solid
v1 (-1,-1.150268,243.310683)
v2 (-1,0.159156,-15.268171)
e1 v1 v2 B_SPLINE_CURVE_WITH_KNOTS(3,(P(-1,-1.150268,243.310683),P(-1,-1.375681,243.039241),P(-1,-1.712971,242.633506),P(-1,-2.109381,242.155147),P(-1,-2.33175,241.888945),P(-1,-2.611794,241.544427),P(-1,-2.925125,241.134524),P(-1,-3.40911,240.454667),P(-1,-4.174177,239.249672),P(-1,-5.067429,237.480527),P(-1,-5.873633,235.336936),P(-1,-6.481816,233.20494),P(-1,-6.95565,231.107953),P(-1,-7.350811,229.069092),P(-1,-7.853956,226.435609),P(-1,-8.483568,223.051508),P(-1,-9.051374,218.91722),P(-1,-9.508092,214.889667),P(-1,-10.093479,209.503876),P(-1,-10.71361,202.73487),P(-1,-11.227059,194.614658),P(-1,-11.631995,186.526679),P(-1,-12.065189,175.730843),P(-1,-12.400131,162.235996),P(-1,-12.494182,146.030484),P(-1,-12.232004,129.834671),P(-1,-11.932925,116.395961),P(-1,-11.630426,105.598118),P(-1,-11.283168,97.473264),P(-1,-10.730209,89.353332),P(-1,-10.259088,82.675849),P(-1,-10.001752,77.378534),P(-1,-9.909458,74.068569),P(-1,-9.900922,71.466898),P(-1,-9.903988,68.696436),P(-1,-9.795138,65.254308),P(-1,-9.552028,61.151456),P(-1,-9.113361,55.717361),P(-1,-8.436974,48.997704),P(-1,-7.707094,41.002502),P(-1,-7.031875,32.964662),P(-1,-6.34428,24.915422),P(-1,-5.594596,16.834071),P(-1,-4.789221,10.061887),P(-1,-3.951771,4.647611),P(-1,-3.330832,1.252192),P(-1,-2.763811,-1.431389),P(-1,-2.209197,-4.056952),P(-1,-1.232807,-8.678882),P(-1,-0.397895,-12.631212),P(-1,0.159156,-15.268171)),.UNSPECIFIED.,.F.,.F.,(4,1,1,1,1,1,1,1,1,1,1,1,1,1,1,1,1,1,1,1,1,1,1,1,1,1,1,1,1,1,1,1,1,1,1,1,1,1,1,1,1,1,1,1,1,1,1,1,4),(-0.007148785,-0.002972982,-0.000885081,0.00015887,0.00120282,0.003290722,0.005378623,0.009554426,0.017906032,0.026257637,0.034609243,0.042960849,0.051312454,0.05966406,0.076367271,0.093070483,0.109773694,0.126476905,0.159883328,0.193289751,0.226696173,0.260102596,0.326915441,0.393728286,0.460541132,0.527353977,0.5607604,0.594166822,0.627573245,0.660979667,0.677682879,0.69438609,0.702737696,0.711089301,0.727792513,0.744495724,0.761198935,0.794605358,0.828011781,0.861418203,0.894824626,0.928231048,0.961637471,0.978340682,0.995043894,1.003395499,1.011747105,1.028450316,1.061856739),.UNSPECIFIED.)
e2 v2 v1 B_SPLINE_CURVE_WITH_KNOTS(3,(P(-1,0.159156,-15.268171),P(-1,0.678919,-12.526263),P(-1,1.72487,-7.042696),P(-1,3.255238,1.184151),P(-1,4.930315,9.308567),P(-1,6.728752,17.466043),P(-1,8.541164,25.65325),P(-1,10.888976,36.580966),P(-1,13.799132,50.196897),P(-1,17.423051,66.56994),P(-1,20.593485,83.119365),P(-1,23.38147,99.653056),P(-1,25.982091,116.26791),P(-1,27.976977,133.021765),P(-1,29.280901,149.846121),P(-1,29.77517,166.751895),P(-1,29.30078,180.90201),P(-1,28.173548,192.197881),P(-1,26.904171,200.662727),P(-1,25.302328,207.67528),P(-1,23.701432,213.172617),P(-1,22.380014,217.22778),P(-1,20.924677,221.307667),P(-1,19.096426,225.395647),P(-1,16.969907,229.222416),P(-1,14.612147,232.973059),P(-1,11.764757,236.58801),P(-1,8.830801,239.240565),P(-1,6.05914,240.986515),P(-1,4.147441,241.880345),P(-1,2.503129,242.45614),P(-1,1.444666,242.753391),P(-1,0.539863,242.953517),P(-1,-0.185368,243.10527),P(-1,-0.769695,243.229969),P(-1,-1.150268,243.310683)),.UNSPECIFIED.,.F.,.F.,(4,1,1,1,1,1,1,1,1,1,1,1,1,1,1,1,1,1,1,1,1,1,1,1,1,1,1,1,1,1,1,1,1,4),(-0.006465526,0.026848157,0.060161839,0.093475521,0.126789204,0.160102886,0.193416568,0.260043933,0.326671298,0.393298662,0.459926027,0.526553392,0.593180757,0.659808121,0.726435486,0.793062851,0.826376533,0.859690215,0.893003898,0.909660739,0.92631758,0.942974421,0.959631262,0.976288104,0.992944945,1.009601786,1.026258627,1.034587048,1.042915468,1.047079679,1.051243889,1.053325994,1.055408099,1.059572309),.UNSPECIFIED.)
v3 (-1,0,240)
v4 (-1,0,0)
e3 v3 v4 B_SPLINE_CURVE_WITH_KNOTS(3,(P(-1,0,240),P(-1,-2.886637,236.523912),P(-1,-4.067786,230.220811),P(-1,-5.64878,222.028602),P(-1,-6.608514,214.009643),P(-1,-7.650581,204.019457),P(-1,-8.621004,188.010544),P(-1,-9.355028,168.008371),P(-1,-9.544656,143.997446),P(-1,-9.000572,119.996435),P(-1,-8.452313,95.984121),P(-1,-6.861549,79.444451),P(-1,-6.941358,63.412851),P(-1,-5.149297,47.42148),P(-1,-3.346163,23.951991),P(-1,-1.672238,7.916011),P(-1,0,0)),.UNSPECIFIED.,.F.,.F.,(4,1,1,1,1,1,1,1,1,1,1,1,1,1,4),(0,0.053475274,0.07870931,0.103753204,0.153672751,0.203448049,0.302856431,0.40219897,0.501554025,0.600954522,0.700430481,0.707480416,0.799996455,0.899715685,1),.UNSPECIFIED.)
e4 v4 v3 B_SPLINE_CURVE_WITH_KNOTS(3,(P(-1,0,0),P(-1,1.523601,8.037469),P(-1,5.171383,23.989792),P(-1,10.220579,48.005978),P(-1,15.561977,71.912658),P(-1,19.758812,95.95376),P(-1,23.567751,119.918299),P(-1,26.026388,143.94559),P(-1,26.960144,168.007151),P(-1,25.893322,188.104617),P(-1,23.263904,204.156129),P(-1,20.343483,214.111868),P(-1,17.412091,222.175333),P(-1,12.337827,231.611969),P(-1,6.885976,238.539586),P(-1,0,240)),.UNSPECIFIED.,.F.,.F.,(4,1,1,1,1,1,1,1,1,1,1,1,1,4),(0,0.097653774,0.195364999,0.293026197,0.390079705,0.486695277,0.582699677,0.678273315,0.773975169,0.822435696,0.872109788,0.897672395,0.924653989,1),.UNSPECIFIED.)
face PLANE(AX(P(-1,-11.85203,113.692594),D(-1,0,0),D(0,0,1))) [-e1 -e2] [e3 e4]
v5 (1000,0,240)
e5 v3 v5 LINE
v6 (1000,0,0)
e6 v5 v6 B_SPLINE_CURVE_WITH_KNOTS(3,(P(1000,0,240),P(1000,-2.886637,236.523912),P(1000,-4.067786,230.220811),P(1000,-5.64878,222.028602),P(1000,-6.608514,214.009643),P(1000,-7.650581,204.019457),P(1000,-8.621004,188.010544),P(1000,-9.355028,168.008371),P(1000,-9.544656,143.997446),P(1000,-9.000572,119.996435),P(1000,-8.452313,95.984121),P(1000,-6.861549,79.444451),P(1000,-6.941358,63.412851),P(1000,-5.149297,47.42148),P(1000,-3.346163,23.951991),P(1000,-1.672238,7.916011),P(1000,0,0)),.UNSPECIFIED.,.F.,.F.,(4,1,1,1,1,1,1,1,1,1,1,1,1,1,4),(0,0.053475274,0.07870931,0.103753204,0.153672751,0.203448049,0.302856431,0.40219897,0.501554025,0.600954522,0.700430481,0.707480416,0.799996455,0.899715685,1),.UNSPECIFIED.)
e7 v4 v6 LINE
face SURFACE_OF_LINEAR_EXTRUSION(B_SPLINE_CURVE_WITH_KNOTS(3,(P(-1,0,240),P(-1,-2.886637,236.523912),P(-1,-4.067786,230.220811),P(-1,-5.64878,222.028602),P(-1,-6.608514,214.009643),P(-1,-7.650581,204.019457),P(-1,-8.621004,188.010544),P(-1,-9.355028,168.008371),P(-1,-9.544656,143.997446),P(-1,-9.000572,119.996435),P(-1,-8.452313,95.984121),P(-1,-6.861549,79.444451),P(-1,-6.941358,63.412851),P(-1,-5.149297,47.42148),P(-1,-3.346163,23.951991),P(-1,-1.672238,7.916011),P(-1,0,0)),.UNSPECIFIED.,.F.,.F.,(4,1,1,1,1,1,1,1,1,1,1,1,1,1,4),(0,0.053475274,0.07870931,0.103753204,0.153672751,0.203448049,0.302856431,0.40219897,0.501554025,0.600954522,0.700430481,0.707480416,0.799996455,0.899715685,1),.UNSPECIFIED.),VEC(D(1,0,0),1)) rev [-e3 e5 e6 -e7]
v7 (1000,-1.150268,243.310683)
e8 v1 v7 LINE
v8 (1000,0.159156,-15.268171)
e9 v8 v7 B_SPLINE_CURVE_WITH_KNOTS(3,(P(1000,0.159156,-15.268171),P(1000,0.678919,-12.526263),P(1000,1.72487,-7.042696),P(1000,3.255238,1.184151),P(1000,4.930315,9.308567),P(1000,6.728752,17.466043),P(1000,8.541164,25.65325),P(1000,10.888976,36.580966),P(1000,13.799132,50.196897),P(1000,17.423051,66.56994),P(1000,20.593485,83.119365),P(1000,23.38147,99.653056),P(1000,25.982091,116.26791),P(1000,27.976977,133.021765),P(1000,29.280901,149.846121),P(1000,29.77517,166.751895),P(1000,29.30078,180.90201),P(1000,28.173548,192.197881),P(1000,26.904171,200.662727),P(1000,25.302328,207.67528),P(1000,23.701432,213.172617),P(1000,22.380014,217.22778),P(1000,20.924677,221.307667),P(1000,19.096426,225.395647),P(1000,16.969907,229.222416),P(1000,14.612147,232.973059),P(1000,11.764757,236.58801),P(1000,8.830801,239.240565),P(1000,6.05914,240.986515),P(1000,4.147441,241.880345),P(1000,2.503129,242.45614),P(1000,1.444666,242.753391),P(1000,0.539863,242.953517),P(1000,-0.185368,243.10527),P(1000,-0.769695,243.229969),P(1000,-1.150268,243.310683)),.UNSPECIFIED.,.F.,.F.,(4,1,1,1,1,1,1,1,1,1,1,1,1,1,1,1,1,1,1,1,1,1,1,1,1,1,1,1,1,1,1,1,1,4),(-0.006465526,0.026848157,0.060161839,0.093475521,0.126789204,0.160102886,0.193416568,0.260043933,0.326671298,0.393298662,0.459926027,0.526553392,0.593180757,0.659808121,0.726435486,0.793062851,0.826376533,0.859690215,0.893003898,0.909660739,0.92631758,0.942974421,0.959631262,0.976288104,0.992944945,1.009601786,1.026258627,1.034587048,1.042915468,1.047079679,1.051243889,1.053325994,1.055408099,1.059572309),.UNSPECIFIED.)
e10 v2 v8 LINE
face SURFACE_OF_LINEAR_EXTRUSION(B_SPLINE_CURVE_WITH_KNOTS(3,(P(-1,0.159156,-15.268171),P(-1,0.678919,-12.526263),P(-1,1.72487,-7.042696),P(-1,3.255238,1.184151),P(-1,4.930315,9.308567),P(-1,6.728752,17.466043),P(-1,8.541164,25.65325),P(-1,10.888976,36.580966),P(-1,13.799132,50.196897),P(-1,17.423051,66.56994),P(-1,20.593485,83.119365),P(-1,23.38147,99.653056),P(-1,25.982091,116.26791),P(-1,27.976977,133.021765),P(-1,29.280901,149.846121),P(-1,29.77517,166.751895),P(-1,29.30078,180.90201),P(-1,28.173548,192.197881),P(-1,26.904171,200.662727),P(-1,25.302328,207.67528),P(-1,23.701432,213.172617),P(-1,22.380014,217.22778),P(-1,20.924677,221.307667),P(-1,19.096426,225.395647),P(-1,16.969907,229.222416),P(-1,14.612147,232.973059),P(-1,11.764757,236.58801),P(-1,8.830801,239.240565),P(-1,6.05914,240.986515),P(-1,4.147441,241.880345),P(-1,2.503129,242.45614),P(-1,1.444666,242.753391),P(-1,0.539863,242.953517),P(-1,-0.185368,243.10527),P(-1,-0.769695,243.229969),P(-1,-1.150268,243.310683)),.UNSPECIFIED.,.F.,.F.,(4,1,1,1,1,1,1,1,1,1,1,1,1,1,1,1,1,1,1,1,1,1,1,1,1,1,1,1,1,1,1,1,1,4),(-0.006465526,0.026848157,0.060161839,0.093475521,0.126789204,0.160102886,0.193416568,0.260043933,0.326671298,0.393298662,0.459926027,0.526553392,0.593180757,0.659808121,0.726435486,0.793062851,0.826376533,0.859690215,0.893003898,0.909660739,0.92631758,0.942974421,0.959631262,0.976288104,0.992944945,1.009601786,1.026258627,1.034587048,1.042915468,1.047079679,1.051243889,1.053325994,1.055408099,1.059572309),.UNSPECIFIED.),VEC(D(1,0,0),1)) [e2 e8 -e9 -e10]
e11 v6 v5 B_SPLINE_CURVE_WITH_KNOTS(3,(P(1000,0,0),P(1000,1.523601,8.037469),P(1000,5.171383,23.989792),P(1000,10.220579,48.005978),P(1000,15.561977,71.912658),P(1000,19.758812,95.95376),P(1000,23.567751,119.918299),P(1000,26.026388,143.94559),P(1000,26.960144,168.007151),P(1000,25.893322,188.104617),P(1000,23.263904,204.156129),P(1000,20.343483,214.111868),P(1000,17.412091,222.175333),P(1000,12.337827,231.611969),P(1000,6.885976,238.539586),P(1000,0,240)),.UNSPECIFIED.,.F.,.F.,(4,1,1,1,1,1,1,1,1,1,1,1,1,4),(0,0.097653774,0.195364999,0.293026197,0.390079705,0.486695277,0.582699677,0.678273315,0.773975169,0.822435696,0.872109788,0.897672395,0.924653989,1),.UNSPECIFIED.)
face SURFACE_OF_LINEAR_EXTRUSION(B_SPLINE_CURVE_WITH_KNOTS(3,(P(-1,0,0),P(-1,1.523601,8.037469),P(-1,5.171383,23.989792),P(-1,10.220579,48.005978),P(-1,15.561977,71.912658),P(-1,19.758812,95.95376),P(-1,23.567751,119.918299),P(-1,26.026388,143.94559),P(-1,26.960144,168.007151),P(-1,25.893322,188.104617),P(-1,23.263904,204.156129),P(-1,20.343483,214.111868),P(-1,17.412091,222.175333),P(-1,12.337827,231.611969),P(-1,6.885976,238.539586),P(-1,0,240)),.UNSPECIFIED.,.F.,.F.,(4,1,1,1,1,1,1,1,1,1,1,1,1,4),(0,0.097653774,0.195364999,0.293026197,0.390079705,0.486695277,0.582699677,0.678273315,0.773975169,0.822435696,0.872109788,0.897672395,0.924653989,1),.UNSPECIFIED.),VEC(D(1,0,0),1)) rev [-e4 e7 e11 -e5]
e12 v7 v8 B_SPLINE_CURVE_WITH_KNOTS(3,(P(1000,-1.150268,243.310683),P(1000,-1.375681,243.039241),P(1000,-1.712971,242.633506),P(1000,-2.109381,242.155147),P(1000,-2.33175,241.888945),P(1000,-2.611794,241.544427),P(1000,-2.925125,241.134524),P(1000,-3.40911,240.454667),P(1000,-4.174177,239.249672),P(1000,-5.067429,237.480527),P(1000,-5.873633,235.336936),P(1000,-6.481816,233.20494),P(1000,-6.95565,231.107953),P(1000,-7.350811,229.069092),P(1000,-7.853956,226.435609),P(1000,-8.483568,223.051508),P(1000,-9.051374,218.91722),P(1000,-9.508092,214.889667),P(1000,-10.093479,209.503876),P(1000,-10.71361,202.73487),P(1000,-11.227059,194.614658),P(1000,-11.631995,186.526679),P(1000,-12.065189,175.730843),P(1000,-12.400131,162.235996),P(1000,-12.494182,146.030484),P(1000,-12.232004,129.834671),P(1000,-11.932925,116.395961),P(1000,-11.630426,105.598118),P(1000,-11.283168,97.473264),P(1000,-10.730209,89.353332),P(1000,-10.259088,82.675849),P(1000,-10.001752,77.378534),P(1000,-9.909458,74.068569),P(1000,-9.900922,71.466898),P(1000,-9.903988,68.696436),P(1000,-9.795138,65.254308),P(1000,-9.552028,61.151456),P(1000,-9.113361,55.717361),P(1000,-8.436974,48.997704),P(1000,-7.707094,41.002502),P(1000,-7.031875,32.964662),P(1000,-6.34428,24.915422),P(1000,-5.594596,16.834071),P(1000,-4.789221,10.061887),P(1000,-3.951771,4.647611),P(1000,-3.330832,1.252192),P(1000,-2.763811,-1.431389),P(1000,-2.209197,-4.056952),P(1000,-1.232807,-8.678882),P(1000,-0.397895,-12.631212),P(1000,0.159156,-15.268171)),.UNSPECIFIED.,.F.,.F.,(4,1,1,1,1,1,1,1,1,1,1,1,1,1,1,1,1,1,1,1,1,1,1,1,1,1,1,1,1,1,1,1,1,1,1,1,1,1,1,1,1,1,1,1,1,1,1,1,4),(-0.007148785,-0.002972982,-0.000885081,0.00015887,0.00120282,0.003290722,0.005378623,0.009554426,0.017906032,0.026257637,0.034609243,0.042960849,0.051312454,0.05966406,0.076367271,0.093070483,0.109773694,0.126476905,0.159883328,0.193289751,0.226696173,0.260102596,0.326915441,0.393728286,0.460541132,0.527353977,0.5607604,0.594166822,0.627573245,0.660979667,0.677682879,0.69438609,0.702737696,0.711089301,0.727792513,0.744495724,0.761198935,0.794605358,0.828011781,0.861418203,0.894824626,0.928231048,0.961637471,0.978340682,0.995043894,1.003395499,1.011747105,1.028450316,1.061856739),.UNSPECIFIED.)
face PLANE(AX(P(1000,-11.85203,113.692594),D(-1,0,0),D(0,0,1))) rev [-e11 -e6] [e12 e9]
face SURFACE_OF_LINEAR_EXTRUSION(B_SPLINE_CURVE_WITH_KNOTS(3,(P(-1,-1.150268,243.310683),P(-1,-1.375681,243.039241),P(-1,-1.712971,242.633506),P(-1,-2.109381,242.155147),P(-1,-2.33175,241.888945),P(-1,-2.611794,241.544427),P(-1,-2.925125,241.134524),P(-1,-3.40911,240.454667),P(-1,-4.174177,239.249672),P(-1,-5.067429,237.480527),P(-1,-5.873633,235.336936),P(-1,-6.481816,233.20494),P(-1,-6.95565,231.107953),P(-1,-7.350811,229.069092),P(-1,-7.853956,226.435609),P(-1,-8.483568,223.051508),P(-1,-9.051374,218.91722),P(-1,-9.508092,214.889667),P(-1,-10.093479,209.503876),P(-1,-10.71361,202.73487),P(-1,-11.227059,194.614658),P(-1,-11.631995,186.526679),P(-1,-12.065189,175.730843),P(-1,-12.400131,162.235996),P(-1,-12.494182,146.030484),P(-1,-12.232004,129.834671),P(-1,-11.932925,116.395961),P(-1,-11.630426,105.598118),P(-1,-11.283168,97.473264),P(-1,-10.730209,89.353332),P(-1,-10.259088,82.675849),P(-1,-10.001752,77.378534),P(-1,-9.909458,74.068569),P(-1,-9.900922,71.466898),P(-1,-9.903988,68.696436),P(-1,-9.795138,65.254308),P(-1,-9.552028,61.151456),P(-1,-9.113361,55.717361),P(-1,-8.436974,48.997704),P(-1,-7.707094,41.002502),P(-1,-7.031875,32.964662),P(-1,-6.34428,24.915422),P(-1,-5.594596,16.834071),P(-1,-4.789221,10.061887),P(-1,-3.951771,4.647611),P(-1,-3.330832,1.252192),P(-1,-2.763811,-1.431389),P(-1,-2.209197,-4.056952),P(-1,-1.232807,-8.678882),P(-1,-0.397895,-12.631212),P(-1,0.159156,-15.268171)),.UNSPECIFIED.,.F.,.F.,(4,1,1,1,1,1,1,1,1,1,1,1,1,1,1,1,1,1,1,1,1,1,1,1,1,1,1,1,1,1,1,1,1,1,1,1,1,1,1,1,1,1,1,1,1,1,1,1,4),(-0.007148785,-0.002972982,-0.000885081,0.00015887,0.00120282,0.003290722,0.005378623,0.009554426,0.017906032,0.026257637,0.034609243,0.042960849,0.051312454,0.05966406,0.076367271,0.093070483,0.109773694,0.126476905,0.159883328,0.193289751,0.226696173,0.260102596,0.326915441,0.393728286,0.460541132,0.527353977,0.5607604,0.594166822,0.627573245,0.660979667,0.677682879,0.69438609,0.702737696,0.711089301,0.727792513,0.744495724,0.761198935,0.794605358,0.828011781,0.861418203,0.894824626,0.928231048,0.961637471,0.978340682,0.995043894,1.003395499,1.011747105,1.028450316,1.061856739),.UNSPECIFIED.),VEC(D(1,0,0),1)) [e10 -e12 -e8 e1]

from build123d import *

# Parameters (mm, degrees)
BOSS_EXTRUDE1_DEPTH      = 1000
BOSS_EXTRUDE1_DEPTH_BACK = 1


with BuildPart() as part:
    # Эскиз1 → Boss-Extrude1 (new, two sides: drawn at the far end of the back side and taken through both)
    with BuildSketch(Plane(origin=(0, 0, 0), x_dir=(0, 0, -1), z_dir=(1, 0, 0)).offset(-BOSS_EXTRUDE1_DEPTH_BACK)):
        with BuildLine():
            add(Edge.make_bspline(
                [(-243.310683058, -1.150268376), (-243.229969159, -0.769695449), (-243.105270302, -0.185368277), (-242.953517188, 0.539863487), (-242.753390645, 1.444665693), (-242.456140174, 2.503129007), (-241.880344751, 4.147441349), (-240.986514665, 6.059139616), (-239.240565442, 8.830800971), (-236.588010137, 11.76475732), (-232.973058982, 14.612146661), (-229.222416024, 16.969906989), (-225.395647069, 19.096425705), (-221.307667343, 20.924677193), (-217.227780324, 22.380014372), (-213.172616695, 23.701432489), (-207.675279818, 25.302328207), (-200.662726553, 26.904170589), (-192.197880579, 28.173548143), (-180.902010238, 29.300779772), (-166.751895399, 29.775170115), (-149.84612089, 29.280901482), (-133.021765483, 27.976977395), (-116.267909512, 25.982090966), (-99.65305645, 23.381470424), (-83.119365112, 20.593484986), (-66.569940341, 17.423051082), (-50.196897147, 13.799131693), (-36.580965629, 10.888975639), (-25.653250319, 8.541163563), (-17.466043443, 6.728751925), (-9.308567048, 4.930315085), (-1.184151043, 3.255237568), (7.042695501, 1.724869581), (12.526262968, 0.678918583), (15.268171313, 0.159156294)],
                knots=[-0.006465526, -0.006465526, -0.006465526, -0.006465526, -0.002301315, -0.00021921, 0.001862895, 0.006027105, 0.010191315, 0.018519736, 0.026848157, 0.043504998, 0.060161839, 0.07681868, 0.093475521, 0.110132362, 0.126789204, 0.143446045, 0.160102886, 0.193416568, 0.226730251, 0.260043933, 0.326671298, 0.393298662, 0.459926027, 0.526553392, 0.593180757, 0.659808121, 0.726435486, 0.793062851, 0.859690215, 0.893003898, 0.92631758, 0.959631262, 0.992944945, 1.026258627, 1.059572309, 1.059572309, 1.059572309, 1.059572309], degree=3))
            add(Edge.make_bspline(
                [(15.268171313, 0.159156294), (12.631212345, -0.397894868), (8.678882015, -1.232806966), (4.056951533, -2.209197338), (1.431389016, -2.763811469), (-1.252191801, -3.330832305), (-4.647610554, -3.951771055), (-10.061887315, -4.789220721), (-16.83407052, -5.59459554), (-24.915421709, -6.344279579), (-32.964662436, -7.031875465), (-41.002501914, -7.707093841), (-48.997703739, -8.436974434), (-55.717360957, -9.113360777), (-61.151456045, -9.552027836), (-65.254308426, -9.795138265), (-68.696436438, -9.903987809), (-71.466897809, -9.900922023), (-74.068569263, -9.90945807), (-77.378533987, -10.001752024), (-82.675848926, -10.259088087), (-89.353331996, -10.730208543), (-97.47326399, -11.283168106), (-105.598117993, -11.630425686), (-116.395961347, -11.932924562), (-129.834671399, -12.232003681), (-146.030483639, -12.494181734), (-162.2359961, -12.400130504), (-175.730843126, -12.065189151), (-186.526679316, -11.63199485), (-194.614658124, -11.227059492), (-202.734870404, -10.713609654), (-209.503875729, -10.093479055), (-214.889667279, -9.508092261), (-218.917219851, -9.051373705), (-223.051507907, -8.483567548), (-226.435608536, -7.853955705), (-229.069092421, -7.35081147), (-231.107952771, -6.95564996), (-233.20494016, -6.481816044), (-235.336936227, -5.873632962), (-237.480526533, -5.067428987), (-239.249671592, -4.174176713), (-240.454666939, -3.409109593), (-241.134524109, -2.925124617), (-241.544427275, -2.611794324), (-241.888945063, -2.331749862), (-242.155147072, -2.109381089), (-242.633506164, -1.71297086), (-243.039240617, -1.375681478), (-243.310683058, -1.150268376)],
                knots=[-0.007148785, -0.007148785, -0.007148785, -0.007148785, 0.026257637, 0.042960849, 0.051312454, 0.05966406, 0.076367271, 0.093070483, 0.126476905, 0.159883328, 0.193289751, 0.226696173, 0.260102596, 0.293509018, 0.31021223, 0.326915441, 0.343618652, 0.351970258, 0.360321864, 0.377025075, 0.393728286, 0.427134709, 0.460541132, 0.493947554, 0.527353977, 0.594166822, 0.660979667, 0.727792513, 0.794605358, 0.828011781, 0.861418203, 0.894824626, 0.928231048, 0.94493426, 0.961637471, 0.978340682, 0.995043894, 1.003395499, 1.011747105, 1.020098711, 1.028450316, 1.036801922, 1.045153528, 1.049329331, 1.051417232, 1.053505133, 1.054549084, 1.055593035, 1.057680936, 1.061856739, 1.061856739, 1.061856739, 1.061856739], degree=3))
        make_face()
        with BuildLine():
            add(Edge.make_bspline(
                [(-240, 0), (-238.539586148, 6.885975956), (-231.6119689, 12.33782744), (-222.175332595, 17.412091216), (-214.111867769, 20.343482826), (-204.156129061, 23.263904239), (-188.104616678, 25.89332168), (-168.007150597, 26.960143982), (-143.945589986, 26.026388226), (-119.918298994, 23.567750867), (-95.953760008, 19.758812003), (-71.912657951, 15.561977026), (-48.005978392, 10.220578603), (-23.989791717, 5.171383231), (-8.037469261, 1.523600682), (0, 0)],
                knots=[0, 0, 0, 0, 0.075346011, 0.102327605, 0.127890212, 0.177564304, 0.226024831, 0.321726685, 0.417300323, 0.513304723, 0.609920295, 0.706973803, 0.804635001, 0.902346226, 1, 1, 1, 1], degree=3))
            add(Edge.make_bspline(
                [(-240, 0), (-236.52391179, -2.886637123), (-230.220810861, -4.067786061), (-222.028601874, -5.648779907), (-214.009642515, -6.608514015), (-204.019456847, -7.65058139), (-188.010543644, -8.621004369), (-168.008371033, -9.355028053), (-143.997445941, -9.544655848), (-119.996434598, -9.000571646), (-95.984120714, -8.452313319), (-79.444451482, -6.861549256), (-63.412851028, -6.941357818), (-47.421480018, -5.149296578), (-23.951991061, -3.34616289), (-7.916011456, -1.672238148), (0, 0)],
                knots=[0, 0, 0, 0, 0.053475274, 0.07870931, 0.103753204, 0.153672751, 0.203448049, 0.302856431, 0.40219897, 0.501554025, 0.600954522, 0.700430481, 0.707480416, 0.799996455, 0.899715685, 1, 1, 1, 1], degree=3))
        make_face(mode=Mode.SUBTRACT)
    extrude(amount=BOSS_EXTRUDE1_DEPTH + BOSS_EXTRUDE1_DEPTH_BACK)


solid = part.part
